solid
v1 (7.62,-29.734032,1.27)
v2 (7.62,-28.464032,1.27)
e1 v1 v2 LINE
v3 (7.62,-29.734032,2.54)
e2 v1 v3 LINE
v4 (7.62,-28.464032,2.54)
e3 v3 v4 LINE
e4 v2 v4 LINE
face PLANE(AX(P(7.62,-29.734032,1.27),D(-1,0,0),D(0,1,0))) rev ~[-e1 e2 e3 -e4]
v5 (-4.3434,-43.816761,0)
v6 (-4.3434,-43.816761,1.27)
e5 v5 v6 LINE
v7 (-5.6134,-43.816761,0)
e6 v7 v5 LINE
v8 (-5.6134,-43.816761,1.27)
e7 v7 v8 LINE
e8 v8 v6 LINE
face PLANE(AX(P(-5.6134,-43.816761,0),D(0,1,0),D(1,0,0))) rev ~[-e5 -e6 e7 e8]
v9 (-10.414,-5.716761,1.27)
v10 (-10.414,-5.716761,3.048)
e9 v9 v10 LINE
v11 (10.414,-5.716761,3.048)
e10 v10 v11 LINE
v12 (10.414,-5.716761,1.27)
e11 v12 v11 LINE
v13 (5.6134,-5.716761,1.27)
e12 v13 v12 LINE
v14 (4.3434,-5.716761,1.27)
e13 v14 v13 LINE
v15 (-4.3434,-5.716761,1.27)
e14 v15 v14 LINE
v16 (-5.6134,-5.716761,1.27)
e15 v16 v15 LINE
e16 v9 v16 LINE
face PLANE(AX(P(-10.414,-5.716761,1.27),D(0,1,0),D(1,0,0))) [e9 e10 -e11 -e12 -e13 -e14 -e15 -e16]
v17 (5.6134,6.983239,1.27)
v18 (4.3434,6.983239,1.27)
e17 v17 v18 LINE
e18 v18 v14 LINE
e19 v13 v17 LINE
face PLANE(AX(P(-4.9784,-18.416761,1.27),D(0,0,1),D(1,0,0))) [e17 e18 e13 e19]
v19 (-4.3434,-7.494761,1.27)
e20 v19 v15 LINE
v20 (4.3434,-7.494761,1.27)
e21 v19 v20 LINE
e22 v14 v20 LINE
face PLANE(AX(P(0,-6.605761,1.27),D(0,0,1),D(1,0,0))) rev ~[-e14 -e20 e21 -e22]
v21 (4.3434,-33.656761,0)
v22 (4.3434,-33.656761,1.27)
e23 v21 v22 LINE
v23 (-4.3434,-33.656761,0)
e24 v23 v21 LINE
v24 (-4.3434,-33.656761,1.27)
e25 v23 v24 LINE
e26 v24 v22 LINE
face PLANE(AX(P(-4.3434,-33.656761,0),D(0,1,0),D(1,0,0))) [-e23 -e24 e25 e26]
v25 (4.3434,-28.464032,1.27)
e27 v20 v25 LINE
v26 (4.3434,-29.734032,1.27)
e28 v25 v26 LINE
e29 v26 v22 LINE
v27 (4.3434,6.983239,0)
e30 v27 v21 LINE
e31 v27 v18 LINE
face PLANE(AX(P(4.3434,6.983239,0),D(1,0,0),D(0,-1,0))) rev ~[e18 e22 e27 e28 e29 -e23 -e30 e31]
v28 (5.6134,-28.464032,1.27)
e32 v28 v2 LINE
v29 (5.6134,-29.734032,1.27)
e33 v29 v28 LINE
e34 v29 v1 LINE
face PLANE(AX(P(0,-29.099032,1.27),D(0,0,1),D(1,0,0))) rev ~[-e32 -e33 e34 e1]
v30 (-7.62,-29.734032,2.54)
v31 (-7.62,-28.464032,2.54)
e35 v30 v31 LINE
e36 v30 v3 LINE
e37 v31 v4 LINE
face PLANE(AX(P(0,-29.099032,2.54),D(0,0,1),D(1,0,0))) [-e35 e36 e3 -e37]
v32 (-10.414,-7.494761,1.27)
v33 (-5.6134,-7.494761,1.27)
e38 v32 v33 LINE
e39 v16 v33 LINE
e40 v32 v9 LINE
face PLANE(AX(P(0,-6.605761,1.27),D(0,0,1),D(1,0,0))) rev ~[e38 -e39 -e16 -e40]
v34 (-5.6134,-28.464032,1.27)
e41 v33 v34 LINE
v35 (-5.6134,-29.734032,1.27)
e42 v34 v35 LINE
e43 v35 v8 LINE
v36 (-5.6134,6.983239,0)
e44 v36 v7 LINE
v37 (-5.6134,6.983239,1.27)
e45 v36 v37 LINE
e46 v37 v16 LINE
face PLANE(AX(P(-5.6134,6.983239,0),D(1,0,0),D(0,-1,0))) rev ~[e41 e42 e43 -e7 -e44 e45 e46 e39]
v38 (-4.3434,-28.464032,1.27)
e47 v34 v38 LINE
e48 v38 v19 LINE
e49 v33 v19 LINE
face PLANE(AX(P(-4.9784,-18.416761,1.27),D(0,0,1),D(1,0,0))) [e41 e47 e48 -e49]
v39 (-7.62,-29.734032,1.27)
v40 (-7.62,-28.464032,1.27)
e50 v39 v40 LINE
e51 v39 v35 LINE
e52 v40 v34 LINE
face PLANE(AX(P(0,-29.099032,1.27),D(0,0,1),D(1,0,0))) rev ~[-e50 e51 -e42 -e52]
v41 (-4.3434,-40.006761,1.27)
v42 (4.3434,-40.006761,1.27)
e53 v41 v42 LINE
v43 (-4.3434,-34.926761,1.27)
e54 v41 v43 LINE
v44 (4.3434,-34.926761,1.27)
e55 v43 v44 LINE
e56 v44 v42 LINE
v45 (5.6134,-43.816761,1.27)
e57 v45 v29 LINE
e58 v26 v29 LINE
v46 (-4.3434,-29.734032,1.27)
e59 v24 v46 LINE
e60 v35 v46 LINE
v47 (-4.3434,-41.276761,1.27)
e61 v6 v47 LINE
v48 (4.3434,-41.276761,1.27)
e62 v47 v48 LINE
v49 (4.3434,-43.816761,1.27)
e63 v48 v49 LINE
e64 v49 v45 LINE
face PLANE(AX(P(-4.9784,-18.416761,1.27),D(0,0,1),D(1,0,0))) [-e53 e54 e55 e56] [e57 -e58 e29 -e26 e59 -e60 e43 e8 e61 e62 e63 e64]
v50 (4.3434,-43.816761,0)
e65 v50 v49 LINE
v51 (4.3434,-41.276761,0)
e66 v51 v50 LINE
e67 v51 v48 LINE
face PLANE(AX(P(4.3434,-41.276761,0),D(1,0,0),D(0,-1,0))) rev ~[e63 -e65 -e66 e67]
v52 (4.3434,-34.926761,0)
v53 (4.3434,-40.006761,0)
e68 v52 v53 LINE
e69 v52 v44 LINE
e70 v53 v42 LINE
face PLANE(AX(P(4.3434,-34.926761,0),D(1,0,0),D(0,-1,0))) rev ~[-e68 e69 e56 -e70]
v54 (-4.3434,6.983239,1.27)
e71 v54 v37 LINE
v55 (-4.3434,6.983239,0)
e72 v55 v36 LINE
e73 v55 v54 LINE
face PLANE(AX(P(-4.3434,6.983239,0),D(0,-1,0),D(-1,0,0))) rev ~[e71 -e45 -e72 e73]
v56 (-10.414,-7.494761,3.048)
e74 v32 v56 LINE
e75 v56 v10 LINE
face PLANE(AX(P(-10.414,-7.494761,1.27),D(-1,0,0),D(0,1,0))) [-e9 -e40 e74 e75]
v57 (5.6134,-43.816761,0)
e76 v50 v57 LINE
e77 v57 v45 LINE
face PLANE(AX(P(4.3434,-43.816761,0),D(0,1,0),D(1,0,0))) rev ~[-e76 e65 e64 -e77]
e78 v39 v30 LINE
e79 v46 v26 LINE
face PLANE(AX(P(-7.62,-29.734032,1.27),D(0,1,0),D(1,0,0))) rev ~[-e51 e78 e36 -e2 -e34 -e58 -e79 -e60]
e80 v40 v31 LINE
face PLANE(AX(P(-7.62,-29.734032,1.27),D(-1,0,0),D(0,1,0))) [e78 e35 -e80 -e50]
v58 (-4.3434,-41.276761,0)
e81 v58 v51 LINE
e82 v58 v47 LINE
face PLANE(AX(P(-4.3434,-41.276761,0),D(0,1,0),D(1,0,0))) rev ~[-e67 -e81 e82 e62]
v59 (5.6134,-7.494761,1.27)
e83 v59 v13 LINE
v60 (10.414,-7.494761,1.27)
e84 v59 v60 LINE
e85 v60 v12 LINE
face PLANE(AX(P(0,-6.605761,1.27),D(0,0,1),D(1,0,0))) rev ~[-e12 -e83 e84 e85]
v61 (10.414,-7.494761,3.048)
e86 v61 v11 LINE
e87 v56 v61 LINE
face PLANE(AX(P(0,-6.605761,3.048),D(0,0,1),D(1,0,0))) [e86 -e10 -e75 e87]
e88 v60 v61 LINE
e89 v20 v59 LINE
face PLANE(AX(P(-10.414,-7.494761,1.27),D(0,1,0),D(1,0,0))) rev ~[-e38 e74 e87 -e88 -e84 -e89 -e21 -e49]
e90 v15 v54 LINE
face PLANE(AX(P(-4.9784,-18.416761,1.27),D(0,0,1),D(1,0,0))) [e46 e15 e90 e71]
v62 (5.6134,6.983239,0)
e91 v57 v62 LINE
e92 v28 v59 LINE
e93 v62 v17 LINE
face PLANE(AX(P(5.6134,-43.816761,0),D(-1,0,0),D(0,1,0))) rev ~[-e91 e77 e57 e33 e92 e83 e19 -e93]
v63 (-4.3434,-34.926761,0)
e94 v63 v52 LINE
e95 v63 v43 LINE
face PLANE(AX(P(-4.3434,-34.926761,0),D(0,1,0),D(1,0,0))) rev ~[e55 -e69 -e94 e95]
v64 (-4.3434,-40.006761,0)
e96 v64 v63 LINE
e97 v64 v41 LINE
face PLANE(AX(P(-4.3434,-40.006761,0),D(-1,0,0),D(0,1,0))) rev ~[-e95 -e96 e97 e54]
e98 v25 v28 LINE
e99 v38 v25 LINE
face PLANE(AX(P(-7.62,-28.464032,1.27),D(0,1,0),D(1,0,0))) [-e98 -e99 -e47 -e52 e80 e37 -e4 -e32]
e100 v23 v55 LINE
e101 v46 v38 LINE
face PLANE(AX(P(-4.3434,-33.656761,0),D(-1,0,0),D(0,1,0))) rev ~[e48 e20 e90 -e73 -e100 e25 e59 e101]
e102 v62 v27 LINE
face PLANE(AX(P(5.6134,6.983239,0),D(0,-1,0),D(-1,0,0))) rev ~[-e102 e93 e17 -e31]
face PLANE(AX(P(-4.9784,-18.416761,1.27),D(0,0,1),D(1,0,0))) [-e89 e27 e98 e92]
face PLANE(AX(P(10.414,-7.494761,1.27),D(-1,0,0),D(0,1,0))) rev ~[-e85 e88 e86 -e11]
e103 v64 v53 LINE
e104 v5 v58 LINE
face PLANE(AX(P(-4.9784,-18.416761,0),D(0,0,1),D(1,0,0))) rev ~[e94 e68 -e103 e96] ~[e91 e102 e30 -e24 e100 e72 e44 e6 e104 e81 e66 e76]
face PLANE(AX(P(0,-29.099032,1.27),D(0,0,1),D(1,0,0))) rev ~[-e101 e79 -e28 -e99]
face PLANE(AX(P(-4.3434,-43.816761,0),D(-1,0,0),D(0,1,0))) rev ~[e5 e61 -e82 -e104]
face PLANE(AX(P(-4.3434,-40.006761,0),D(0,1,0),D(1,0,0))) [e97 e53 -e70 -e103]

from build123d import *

# Parameters (mm, degrees)
F0_W     = 8.6868
F0_H     = 1.27
F1_DEPTH = 1.27
F2_W     = 20.828
F2_H     = 1.778
F3_DEPTH = 1.778
F4_W     = 15.24
F4_H     = 1.27
F5_DEPTH = 1.27


with BuildPart() as f1:
    # F0 (on Top) → F1 (new body)
    with BuildSketch(Plane.XY):
        Polygon((-4.3434, 6.983239), (-5.6134, 6.983239), (-5.6134, -43.816761), (-4.3434, -43.816761), (-4.3434, -41.276761), (-4.3434, -40.006761), (-4.3434, -34.926761), (-4.3434, -33.656761), align=None)
        with Locations((0, -34.291761)):
            Rectangle(F0_W, F0_H)
        Polygon((4.3434, 6.983239), (4.3434, -33.656761), (4.3434, -34.926761), (4.3434, -40.006761), (4.3434, -41.276761), (4.3434, -43.816761), (5.6134, -43.816761), (5.6134, 6.983239), align=None)
        with Locations((0, -40.641761)):
            Rectangle(F0_W, F0_H)
    extrude(amount=F1_DEPTH)

    # F2 (on face) → F3 (join)
    with BuildSketch(Plane.XY.offset(1.27)):
        with Locations((0, -6.605761)):
            Rectangle(F2_W, F2_H)
    extrude(amount=F3_DEPTH)

    # F4 (on face) → F5 (join)
    with BuildSketch(Plane.XY.offset(1.27)):
        with Locations((0, -29.099032)):
            Rectangle(F4_W, F4_H)
    extrude(amount=F5_DEPTH)


solid = f1.part
